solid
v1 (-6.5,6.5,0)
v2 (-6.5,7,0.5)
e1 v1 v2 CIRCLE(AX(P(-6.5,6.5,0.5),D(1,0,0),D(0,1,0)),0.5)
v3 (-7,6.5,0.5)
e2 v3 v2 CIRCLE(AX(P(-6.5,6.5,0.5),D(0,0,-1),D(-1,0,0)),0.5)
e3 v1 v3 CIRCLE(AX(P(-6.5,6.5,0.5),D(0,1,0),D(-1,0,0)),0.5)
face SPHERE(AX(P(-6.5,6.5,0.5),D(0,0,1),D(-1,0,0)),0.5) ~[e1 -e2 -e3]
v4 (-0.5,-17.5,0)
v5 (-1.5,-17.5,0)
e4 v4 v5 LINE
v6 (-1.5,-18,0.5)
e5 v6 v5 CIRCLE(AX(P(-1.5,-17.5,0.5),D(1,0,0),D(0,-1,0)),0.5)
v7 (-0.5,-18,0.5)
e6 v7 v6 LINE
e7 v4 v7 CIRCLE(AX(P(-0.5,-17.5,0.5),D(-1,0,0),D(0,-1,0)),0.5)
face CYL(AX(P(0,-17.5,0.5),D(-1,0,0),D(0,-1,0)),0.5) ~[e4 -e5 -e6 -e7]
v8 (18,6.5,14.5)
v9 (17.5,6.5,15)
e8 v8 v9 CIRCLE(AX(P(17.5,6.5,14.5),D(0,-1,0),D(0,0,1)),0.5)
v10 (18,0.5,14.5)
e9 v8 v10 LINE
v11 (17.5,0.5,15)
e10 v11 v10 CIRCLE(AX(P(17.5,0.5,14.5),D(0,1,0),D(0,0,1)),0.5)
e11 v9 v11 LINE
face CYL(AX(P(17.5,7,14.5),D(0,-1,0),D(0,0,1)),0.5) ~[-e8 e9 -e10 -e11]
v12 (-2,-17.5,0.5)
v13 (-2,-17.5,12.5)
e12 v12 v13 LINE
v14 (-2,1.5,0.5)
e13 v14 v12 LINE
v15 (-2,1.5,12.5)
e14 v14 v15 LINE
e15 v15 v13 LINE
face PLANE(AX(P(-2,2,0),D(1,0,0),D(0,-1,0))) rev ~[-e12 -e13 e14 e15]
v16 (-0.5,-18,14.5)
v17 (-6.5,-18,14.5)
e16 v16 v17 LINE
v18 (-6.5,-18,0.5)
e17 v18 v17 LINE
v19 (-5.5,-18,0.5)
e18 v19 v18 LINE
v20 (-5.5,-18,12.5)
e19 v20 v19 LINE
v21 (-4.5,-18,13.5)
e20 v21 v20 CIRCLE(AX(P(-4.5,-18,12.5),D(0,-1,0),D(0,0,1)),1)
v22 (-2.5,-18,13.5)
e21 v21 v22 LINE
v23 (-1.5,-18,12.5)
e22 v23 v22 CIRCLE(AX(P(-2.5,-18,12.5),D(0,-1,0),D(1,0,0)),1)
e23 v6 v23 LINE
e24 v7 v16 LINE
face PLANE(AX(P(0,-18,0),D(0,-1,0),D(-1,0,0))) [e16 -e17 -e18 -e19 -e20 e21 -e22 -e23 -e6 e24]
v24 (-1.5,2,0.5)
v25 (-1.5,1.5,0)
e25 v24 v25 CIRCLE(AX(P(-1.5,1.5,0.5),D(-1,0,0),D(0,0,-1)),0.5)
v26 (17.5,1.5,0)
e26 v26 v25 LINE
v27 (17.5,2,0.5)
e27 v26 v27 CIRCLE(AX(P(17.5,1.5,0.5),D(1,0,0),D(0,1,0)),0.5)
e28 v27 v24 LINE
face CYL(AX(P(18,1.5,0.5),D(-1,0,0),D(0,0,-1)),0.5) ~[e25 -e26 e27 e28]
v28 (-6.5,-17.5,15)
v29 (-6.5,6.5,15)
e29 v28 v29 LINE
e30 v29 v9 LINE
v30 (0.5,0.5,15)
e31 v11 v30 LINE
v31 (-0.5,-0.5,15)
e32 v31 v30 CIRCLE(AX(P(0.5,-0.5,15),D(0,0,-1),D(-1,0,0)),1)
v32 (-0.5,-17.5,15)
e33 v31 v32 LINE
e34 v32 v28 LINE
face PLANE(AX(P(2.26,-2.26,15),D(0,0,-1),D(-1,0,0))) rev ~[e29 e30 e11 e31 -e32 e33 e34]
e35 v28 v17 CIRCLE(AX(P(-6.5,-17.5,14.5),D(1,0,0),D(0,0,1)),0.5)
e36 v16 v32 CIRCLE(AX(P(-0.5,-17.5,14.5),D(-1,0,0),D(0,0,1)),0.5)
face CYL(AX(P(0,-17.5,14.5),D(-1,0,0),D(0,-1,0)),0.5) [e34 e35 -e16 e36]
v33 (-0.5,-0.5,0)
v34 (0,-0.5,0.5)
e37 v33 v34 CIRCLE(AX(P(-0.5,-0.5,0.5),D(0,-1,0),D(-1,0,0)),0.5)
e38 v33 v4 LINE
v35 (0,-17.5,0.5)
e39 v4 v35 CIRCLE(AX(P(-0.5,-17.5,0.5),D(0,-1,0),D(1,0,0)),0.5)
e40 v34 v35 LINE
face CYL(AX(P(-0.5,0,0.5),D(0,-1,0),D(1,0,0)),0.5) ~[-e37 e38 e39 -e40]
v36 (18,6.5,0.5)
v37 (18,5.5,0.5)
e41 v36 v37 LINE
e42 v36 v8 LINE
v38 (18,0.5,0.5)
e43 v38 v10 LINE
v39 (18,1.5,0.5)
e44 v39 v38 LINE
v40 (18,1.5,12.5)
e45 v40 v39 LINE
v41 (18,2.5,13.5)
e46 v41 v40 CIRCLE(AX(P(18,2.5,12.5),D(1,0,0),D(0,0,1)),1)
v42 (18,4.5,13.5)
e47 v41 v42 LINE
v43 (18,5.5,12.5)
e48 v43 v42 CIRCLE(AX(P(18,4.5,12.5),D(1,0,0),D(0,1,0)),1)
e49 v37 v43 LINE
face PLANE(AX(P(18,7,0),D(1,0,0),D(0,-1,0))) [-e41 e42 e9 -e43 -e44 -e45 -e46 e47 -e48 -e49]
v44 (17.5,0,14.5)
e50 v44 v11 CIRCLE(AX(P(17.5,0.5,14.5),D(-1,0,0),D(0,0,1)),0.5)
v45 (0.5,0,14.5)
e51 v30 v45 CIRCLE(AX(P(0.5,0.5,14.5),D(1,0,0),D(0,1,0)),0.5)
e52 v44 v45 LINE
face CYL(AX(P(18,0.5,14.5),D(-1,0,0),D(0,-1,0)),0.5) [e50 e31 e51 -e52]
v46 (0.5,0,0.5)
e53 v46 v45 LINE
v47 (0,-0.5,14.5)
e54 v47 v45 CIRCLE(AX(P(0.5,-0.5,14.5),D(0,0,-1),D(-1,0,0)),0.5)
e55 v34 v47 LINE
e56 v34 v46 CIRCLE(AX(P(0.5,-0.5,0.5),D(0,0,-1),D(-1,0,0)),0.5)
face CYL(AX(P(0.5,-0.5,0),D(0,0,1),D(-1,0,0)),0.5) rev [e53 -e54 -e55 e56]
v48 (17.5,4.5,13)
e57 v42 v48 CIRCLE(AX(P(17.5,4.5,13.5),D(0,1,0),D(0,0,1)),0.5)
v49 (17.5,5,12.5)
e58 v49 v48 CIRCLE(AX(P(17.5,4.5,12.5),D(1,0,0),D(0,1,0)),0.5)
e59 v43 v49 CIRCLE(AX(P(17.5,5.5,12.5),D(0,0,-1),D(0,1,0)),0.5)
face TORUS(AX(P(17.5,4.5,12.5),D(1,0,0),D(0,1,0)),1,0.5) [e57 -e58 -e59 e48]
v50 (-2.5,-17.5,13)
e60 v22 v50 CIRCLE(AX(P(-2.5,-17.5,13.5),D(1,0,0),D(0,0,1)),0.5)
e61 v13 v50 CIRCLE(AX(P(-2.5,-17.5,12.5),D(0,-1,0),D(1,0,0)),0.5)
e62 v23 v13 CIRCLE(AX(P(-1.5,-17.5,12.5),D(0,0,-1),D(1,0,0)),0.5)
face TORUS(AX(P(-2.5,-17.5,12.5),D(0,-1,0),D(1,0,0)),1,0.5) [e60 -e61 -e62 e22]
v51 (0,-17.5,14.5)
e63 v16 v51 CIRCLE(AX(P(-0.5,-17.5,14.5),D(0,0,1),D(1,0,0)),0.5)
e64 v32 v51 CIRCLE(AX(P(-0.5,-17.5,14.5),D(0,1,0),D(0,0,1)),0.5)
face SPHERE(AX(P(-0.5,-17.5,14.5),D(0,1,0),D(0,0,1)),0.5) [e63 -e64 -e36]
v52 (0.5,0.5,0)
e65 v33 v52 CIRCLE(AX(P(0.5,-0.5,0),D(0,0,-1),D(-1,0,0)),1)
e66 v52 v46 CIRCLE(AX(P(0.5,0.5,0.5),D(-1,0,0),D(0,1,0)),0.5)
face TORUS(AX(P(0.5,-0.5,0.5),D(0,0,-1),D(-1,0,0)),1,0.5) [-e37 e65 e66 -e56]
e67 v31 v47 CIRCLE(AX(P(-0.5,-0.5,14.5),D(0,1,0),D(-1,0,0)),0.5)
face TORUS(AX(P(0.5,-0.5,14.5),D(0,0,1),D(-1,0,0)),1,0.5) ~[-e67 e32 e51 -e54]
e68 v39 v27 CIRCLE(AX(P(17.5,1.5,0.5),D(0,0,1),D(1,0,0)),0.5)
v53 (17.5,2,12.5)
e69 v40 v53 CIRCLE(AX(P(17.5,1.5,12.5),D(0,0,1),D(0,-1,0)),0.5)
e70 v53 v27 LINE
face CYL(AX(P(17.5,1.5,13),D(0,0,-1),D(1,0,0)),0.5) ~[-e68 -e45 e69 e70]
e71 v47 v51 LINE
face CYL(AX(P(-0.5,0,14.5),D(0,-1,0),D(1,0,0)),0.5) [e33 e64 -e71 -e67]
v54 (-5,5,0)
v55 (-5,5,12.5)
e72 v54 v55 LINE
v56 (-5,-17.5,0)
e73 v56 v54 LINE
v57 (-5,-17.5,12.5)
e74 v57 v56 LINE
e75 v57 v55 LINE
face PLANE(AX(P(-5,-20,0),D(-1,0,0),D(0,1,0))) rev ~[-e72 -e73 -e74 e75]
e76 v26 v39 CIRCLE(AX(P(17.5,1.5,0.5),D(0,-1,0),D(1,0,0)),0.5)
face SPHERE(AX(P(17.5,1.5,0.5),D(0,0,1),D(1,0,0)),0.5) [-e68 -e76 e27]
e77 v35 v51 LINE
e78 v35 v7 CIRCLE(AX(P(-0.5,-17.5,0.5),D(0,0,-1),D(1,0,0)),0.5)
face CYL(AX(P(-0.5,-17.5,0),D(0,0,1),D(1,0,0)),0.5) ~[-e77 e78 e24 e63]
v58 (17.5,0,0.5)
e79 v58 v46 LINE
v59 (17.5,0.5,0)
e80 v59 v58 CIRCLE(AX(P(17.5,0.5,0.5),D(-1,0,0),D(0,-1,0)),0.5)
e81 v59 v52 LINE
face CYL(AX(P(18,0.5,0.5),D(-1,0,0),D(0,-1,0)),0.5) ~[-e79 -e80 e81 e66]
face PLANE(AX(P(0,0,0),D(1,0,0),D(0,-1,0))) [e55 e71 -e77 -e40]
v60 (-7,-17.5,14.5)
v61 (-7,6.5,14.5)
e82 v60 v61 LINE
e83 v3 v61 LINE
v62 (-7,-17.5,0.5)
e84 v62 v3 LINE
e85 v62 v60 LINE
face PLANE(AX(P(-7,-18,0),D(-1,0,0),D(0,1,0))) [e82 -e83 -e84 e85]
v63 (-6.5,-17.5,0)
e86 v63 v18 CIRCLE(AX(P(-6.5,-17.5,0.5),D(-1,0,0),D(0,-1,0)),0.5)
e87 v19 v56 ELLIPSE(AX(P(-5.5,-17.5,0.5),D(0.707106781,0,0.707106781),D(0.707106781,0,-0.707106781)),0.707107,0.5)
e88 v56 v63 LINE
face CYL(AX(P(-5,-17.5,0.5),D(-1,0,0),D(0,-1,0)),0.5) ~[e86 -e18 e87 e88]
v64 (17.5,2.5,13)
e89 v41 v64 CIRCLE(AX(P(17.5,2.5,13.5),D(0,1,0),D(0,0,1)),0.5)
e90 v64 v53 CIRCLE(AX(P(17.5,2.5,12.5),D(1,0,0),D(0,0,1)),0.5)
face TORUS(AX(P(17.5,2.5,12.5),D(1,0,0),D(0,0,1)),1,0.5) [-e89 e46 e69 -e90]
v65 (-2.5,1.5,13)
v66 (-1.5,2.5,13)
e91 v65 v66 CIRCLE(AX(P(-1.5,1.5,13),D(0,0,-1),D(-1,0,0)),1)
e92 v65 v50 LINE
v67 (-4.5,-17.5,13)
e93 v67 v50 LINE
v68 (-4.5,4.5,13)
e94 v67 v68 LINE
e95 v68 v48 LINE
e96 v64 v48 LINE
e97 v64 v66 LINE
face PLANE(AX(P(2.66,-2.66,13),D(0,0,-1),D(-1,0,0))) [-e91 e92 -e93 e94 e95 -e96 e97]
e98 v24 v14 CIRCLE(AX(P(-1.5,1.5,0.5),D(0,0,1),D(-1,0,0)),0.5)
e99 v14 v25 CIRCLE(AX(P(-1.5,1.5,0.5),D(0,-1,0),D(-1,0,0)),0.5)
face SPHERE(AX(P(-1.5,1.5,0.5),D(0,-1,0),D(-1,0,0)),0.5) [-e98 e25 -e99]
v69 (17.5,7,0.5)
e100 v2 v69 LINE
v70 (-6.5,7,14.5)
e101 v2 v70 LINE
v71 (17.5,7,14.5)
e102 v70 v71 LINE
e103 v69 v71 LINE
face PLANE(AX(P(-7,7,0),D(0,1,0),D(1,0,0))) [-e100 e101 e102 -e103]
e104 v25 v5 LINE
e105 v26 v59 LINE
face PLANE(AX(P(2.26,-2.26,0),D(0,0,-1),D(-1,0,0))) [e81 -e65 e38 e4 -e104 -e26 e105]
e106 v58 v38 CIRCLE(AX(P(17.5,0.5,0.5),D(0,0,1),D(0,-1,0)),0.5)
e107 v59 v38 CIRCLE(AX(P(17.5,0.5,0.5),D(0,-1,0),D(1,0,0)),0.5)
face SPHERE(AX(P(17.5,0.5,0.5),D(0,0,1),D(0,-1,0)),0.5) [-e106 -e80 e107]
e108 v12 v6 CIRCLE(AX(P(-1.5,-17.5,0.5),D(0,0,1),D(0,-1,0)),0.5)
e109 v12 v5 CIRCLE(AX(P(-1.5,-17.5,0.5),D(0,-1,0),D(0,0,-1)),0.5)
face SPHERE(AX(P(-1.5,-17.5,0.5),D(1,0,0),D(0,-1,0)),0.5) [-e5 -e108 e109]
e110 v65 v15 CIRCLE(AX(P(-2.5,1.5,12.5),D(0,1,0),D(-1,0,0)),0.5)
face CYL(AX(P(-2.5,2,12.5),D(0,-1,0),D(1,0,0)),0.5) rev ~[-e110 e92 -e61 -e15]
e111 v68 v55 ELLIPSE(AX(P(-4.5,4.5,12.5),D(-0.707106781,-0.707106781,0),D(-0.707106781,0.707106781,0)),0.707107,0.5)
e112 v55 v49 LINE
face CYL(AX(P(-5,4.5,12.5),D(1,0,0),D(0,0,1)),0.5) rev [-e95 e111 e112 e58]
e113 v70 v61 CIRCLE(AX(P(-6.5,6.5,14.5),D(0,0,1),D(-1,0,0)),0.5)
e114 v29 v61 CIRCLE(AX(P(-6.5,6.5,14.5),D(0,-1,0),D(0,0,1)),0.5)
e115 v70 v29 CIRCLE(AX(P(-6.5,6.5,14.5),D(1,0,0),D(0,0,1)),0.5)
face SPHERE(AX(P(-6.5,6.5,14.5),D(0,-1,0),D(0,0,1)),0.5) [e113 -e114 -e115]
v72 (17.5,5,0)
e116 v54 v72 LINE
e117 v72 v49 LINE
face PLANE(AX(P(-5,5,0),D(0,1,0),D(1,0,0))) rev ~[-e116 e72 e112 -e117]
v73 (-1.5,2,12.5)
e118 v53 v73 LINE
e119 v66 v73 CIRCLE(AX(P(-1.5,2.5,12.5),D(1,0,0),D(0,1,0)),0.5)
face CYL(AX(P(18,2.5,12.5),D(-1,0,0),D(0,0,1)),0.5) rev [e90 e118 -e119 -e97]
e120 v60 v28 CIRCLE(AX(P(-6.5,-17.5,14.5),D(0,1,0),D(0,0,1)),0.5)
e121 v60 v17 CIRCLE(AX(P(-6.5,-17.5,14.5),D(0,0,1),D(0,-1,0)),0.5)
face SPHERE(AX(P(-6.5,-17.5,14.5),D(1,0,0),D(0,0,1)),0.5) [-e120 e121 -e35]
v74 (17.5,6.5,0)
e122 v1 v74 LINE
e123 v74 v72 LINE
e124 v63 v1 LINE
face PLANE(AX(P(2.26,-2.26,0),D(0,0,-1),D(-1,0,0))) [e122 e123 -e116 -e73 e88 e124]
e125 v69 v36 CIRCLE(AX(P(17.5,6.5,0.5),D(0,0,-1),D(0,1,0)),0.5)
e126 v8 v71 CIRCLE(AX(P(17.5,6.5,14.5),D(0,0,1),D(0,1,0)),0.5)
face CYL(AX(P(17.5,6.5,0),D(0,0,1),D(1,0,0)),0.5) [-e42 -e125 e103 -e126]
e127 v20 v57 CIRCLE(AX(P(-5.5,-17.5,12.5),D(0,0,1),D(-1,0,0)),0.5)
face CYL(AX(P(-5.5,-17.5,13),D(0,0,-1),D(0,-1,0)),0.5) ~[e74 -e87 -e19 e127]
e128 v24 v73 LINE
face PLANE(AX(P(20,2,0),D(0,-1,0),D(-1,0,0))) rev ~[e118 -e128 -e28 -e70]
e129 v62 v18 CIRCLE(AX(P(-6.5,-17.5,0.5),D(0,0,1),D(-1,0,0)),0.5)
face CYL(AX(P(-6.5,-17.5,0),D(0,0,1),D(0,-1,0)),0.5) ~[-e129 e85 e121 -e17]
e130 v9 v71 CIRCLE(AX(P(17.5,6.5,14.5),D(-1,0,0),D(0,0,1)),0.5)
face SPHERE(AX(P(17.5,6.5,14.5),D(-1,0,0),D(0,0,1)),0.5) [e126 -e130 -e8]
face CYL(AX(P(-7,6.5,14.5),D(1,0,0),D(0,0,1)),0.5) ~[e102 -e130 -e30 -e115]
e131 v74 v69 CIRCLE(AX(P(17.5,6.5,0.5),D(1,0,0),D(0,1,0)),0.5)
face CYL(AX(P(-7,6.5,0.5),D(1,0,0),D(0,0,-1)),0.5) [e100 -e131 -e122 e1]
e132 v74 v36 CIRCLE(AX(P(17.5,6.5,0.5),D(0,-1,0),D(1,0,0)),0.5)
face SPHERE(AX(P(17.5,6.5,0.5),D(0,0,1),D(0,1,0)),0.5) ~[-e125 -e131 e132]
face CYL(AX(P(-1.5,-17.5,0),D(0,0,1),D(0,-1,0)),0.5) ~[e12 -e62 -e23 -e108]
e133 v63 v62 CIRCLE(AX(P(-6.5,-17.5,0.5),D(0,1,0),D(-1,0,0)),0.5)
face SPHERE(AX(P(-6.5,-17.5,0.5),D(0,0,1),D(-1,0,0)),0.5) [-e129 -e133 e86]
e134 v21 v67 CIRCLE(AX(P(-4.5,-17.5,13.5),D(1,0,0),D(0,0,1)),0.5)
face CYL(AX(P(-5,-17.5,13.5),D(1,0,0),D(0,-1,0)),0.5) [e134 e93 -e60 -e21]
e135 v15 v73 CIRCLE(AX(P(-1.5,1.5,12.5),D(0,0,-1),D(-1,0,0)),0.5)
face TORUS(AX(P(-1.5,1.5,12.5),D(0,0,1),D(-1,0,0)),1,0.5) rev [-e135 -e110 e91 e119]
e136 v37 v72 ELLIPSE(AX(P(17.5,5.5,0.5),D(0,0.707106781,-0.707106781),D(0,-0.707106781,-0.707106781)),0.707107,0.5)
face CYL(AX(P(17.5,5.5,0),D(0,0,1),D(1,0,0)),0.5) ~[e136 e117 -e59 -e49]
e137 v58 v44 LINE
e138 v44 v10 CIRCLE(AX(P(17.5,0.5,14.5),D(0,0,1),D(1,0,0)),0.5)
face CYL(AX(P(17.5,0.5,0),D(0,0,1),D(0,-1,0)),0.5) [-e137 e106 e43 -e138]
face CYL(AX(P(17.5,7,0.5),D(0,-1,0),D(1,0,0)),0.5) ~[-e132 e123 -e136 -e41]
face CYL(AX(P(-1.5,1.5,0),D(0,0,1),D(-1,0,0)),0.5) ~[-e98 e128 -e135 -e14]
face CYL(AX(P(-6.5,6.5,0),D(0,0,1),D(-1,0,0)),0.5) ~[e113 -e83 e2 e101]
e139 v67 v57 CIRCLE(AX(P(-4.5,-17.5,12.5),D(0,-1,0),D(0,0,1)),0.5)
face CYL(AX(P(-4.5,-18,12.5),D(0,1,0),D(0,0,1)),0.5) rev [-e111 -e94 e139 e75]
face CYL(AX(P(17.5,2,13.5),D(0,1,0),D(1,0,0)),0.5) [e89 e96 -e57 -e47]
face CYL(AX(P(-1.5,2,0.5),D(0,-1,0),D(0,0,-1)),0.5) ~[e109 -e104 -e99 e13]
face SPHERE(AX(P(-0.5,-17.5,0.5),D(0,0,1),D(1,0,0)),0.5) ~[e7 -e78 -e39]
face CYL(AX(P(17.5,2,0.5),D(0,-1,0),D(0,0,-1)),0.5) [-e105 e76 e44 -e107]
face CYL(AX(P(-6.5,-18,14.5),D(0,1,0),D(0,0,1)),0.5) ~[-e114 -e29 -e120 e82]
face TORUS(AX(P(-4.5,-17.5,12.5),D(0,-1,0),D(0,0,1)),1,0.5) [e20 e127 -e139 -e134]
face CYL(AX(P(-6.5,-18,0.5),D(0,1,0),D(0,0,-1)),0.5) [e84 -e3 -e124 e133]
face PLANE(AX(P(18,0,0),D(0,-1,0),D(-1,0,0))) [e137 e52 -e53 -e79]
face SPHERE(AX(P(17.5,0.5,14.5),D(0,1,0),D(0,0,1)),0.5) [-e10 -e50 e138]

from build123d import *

# Parameters (mm, degrees)
PAD_DEPTH    = 15
POCKET_DEPTH = 13
FILLET_R     = 0.5


with BuildPart() as part:
    # Sketch → Pad (new body)
    with BuildSketch(Plane.XY):
        Polygon((0, 0), (0, -18), (-7, -18), (-7, 7), (18, 7), (18, 0), align=None)
    extrude(amount=PAD_DEPTH)

    # Sketch001 → Pocket (cut)
    with BuildSketch(Plane.XY):
        Polygon((-2, 2), (-2, -20), (-5, -20), (-5, 5), (20, 5), (20, 2), align=None)
    extrude(amount=POCKET_DEPTH, mode=Mode.SUBTRACT)

    # Fillet
    fillet_edges = [part.edges().sort_by_distance(p)[0] for p in [
        (0, -9, 15),
        (-3.5, -18, 15),
        (-7, -5.5, 15),
        (5.5, 7, 15),
        (18, 3.5, 15),
        (9, 0, 15),
        (-7, -18, 7.5),
        (-7, 7, 7.5),
        (-7, -5.5, 0),
        (0, 0, 7.5),
        (0, -18, 7.5),
        (0, -9, 0),
        (18, 0, 7.5),
        (9, 0, 0),
        (18, 7, 7.5),
        (5.5, 7, 0),
        (-1, -18, 0),
        (-2, -18, 6.5),
        (-3.5, -18, 13),
        (-5, -18, 6.5),
        (-6, -18, 0),
        (18, 6, 0),
        (18, 5, 6.5),
        (18, 3.5, 13),
        (18, 2, 6.5),
        (18, 1, 0),
        (-2, -8, 13),
        (-5, -6.5, 13),
        (6.5, 5, 13),
        (8, 2, 13),
        (-2, -8, 0),
        (-2, 2, 6.5),
        (8, 2, 0),
    ]]
    fillet(fillet_edges, radius=FILLET_R)


solid = part.part
